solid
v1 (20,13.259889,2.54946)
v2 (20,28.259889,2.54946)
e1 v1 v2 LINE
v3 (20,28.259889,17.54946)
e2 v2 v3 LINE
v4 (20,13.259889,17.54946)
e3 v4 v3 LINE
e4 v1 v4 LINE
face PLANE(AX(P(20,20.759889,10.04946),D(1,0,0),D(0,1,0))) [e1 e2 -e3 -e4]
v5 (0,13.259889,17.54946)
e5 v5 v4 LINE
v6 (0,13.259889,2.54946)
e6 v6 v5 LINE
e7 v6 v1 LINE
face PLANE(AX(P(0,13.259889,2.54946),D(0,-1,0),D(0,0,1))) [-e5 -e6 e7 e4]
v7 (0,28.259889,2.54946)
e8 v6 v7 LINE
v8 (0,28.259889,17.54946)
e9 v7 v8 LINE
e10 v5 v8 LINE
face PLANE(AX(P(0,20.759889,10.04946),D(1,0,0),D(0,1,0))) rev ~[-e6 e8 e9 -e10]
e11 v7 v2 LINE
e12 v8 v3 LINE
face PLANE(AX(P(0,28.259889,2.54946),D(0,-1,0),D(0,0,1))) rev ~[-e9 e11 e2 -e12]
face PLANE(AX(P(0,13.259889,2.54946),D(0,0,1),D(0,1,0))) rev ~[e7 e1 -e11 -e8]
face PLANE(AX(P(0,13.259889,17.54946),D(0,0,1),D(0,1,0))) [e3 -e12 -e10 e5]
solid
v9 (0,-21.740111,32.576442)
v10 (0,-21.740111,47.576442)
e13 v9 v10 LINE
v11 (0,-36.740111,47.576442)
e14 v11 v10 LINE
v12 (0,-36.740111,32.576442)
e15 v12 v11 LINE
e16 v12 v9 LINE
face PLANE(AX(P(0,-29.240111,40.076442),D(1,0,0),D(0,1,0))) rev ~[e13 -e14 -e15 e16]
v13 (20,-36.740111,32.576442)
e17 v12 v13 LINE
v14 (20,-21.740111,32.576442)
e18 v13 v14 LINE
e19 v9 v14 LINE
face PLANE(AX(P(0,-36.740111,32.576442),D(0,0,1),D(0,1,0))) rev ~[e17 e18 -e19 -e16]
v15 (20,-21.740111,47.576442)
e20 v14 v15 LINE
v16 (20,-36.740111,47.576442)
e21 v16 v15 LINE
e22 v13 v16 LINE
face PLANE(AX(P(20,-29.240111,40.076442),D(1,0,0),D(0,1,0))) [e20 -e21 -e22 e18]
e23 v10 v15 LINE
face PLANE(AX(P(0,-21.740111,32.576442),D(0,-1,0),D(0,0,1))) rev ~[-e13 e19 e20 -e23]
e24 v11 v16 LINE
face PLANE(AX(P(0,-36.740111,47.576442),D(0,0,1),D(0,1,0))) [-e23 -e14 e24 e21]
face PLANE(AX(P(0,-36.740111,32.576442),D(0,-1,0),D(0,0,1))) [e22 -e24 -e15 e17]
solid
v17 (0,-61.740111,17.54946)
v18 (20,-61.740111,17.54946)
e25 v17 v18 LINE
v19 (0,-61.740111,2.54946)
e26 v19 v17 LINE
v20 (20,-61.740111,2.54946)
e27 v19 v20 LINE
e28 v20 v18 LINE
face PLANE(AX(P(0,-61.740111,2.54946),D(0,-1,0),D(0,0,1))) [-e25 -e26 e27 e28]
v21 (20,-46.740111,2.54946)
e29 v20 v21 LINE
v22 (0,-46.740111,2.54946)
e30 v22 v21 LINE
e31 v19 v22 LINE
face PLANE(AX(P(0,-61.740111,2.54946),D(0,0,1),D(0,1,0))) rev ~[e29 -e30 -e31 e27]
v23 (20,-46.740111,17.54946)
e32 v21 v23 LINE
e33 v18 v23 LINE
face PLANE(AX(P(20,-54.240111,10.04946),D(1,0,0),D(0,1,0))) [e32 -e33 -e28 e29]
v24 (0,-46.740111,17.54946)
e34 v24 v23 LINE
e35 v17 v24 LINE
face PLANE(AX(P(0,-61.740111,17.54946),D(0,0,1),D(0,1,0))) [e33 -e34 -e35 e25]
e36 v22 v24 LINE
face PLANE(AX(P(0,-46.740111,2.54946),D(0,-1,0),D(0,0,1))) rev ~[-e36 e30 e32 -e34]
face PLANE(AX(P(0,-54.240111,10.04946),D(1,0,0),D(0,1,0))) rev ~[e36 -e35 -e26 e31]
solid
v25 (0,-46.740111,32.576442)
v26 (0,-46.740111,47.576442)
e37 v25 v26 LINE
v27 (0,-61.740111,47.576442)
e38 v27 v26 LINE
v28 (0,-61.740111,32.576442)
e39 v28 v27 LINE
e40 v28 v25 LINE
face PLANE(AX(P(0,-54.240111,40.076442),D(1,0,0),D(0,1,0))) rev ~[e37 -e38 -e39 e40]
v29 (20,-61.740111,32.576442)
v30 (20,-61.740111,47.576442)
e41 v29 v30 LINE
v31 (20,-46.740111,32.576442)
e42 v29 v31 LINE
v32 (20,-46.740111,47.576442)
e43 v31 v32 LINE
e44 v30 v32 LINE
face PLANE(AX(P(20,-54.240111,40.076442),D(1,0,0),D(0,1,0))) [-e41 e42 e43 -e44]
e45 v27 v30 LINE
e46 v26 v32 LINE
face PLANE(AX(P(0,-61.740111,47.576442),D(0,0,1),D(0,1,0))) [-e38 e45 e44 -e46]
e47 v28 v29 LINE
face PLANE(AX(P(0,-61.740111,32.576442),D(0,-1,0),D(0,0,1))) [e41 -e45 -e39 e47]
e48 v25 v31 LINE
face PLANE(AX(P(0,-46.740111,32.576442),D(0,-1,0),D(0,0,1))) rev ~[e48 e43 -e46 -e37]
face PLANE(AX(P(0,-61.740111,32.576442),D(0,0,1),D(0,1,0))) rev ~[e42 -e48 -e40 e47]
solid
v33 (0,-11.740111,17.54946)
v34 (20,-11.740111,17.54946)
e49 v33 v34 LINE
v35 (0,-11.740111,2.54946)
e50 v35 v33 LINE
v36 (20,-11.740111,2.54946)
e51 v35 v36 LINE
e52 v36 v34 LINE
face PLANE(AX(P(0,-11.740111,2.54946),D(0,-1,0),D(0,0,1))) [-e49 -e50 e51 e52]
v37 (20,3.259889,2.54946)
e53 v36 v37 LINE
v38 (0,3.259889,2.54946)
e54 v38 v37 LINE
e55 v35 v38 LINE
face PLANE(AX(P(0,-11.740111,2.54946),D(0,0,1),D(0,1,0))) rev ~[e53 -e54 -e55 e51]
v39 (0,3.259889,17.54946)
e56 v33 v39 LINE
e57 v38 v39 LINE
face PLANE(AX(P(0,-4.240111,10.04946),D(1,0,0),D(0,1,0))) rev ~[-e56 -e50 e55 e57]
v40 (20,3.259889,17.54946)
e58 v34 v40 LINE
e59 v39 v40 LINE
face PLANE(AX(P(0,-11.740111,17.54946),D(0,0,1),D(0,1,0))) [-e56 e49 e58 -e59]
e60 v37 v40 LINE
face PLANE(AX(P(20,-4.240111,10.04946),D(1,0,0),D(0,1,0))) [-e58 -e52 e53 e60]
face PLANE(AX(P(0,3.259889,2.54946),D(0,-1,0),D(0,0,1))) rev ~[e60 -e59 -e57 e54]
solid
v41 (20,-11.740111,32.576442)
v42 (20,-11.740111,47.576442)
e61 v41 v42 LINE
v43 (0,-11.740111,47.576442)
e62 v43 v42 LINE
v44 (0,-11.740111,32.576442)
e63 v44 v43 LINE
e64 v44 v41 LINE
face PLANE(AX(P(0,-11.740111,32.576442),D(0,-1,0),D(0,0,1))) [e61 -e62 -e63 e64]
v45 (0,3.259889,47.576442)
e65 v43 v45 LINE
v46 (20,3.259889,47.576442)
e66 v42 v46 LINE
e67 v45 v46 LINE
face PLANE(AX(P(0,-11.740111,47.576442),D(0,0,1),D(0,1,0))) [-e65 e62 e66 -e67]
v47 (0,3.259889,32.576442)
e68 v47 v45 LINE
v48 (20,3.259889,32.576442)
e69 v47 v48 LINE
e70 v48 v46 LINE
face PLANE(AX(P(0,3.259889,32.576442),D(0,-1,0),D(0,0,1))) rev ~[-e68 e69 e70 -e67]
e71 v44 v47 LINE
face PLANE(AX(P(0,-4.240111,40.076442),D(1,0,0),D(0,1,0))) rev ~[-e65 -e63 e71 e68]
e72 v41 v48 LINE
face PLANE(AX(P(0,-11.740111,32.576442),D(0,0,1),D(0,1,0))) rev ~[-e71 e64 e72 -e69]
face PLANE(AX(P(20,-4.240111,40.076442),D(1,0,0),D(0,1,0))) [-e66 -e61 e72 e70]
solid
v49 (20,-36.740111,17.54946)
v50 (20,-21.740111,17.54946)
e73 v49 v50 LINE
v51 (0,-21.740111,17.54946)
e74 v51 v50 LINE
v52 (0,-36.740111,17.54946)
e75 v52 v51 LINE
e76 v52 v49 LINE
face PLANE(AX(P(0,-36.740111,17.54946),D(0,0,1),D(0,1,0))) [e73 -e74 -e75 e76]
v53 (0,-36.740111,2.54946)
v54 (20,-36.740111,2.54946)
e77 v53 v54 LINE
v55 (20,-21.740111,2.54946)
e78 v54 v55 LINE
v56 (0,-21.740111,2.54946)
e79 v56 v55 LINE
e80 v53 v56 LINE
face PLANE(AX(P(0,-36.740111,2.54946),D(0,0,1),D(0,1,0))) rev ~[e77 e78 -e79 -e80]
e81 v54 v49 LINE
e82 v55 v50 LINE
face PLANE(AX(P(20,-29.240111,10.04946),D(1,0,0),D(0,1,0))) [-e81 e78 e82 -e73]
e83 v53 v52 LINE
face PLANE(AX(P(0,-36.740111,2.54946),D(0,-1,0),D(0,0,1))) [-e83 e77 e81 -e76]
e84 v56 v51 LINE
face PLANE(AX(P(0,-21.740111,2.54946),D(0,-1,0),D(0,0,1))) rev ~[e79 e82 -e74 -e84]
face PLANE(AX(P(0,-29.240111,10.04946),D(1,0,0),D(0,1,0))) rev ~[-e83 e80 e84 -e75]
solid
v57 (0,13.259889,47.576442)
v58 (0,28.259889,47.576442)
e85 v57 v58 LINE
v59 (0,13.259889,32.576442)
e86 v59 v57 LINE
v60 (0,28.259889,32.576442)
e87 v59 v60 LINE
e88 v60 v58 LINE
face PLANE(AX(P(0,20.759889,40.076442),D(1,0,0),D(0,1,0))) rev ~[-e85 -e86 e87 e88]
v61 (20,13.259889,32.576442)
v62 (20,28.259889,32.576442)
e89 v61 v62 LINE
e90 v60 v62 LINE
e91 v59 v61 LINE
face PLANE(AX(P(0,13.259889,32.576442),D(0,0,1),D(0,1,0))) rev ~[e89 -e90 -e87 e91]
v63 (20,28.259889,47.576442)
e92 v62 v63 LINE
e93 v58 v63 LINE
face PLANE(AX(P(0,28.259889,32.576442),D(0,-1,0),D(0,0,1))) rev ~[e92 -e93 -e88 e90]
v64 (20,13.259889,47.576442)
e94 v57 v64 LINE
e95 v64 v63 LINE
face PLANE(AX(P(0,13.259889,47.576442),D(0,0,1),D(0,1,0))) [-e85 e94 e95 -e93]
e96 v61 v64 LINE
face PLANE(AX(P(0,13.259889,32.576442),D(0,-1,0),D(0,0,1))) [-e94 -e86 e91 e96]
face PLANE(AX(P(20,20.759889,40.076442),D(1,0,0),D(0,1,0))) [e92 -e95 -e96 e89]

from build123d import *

# Parameters (mm, degrees)
F0_W     = 15
F0_H     = 15
F1_DEPTH = 20


with BuildPart() as f1:
    # F0 (on Right) → F1 (new body)
    with BuildSketch(Plane.YZ):
        with Locations((-54.240111, 40.076442)):
            Rectangle(F0_W, F0_H)
        with Locations((-29.240111, 40.076442)):
            Rectangle(F0_W, F0_H)
        with Locations((-4.240111, 40.076442)):
            Rectangle(F0_W, F0_H)
        with Locations((20.759889, 40.076442)):
            Rectangle(F0_W, F0_H)
        with Locations((-54.240111, 10.04946)):
            Rectangle(F0_W, F0_H)
        with Locations((-29.240111, 10.04946)):
            Rectangle(F0_W, F0_H)
        with Locations((-4.240111, 10.04946)):
            Rectangle(F0_W, F0_H)
        with Locations((20.759889, 10.04946)):
            Rectangle(F0_W, F0_H)
    extrude(amount=F1_DEPTH)


solid = f1.part
